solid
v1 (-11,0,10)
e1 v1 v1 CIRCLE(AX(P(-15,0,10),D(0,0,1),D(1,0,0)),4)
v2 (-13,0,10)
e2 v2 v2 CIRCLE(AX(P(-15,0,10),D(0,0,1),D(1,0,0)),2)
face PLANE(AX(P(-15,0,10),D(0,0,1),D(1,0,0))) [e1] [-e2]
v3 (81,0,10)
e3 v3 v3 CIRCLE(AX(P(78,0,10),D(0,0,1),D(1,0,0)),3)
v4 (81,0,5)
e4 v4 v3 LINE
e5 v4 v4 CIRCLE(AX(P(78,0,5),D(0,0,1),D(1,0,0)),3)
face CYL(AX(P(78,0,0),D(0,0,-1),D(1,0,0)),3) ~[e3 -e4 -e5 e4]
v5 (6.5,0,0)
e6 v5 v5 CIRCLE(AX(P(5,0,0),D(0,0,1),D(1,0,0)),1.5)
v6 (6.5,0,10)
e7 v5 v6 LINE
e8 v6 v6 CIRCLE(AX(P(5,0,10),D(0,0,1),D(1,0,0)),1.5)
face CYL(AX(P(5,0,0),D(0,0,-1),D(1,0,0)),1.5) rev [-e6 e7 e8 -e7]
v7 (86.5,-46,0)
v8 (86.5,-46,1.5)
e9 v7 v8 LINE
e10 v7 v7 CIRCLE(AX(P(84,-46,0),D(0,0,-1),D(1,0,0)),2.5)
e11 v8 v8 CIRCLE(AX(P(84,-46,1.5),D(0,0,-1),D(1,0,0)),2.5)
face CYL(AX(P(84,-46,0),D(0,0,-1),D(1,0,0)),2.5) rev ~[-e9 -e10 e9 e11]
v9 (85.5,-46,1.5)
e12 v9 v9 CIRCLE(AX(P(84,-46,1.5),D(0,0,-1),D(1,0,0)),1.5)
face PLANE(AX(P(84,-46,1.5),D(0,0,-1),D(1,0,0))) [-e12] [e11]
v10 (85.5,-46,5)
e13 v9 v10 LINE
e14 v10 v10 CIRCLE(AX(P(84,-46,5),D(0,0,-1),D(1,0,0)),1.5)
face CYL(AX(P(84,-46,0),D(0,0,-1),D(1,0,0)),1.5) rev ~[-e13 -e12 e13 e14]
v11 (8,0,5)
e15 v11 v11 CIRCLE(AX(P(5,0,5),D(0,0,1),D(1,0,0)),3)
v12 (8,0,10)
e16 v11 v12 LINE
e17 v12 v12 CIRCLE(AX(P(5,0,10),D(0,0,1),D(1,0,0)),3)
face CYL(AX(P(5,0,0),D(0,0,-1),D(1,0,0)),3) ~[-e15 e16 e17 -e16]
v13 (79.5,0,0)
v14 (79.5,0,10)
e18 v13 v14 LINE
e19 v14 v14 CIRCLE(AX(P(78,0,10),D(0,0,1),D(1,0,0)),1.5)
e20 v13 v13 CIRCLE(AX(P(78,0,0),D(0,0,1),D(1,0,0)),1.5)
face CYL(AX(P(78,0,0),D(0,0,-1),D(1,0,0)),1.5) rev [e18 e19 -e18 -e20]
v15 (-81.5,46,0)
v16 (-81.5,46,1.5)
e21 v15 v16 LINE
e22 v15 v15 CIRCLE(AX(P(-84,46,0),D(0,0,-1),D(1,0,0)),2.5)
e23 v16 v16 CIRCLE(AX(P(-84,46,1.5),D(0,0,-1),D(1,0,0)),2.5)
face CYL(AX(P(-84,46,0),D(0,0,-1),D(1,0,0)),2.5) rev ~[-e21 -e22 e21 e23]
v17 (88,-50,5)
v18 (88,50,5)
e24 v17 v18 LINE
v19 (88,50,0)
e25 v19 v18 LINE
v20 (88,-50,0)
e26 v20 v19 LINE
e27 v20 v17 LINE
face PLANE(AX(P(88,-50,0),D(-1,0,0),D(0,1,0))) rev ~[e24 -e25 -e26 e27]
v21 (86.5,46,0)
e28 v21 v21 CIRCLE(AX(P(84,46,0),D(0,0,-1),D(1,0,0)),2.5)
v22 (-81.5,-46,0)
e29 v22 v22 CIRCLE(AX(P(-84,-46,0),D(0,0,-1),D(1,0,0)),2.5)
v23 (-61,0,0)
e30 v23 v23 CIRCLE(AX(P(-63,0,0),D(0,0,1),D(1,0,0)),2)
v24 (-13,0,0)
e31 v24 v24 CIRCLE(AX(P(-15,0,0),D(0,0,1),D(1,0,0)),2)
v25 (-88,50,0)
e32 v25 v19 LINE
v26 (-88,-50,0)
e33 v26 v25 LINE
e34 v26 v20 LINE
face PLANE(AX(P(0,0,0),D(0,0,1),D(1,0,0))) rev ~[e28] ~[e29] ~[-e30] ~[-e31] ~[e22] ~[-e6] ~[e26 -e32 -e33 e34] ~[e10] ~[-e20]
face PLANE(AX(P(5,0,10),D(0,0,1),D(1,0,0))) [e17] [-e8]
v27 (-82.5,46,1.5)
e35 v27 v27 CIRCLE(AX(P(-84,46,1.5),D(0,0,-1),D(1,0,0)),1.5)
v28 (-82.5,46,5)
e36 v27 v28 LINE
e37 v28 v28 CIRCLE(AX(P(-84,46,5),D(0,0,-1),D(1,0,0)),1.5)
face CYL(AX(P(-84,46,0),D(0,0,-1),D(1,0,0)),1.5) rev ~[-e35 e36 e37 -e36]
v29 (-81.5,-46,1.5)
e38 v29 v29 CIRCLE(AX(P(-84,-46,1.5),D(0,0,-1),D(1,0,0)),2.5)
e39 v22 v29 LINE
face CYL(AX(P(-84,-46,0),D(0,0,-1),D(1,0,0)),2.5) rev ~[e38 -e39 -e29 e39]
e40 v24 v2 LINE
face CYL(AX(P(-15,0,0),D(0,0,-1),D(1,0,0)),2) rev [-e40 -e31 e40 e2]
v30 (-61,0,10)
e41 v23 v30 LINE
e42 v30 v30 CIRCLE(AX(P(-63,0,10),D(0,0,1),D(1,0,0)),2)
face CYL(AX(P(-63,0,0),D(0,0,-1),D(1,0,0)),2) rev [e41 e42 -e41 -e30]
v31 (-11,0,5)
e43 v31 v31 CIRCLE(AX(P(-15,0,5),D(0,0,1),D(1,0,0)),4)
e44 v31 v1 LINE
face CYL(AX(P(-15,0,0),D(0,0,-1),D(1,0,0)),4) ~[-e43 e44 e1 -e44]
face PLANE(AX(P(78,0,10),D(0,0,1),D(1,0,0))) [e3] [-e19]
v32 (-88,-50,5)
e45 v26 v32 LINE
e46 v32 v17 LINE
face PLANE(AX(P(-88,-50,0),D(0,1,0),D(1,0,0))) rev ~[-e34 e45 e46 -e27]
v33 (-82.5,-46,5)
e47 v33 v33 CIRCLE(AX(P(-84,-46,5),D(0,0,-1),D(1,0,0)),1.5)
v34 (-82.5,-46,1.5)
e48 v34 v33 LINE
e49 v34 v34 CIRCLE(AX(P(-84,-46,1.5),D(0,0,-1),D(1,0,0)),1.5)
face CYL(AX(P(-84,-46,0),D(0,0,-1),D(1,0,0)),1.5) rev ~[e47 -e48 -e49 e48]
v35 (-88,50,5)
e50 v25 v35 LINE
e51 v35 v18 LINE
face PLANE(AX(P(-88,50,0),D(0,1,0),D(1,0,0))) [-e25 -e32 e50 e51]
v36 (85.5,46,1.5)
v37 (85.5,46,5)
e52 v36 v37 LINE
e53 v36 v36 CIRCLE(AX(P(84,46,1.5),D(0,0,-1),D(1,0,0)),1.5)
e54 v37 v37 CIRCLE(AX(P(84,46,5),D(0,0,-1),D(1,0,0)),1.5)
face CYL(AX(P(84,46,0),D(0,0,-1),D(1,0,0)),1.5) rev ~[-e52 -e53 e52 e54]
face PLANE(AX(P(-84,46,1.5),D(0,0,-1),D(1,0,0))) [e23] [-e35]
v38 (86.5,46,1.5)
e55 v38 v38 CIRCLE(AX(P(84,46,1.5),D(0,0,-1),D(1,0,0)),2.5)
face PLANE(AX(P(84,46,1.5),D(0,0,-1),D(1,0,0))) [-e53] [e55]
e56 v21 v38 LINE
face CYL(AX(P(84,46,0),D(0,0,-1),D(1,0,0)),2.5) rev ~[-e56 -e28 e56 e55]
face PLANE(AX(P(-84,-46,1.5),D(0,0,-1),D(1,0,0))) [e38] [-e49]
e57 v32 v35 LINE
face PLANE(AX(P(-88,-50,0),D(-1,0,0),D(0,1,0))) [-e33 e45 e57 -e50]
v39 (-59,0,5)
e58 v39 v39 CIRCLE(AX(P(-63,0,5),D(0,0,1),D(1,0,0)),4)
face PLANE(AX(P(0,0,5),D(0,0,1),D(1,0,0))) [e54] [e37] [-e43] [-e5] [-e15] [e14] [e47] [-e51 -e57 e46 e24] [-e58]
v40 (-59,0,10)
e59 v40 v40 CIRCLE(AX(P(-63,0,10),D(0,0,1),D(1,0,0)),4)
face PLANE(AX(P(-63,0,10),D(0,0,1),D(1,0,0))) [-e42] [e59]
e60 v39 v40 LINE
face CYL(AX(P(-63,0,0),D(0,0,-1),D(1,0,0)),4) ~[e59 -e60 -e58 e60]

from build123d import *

# Parameters (mm, degrees)
F0_W     = 176
F0_H     = 100
F0_R     = 4
F0_R_2   = 3
F1_DEPTH = 5
F0_R_3   = 2
F0_R_4   = 1.5
F2_DEPTH = 10
F4_R     = 1.5
F5_DEPTH = 10.001
F4_R_2   = 2.5
F6_DEPTH = 1.5


with BuildPart() as f1:
    # F0 (on Top) → F1 (new body)
    with BuildSketch(Plane.XY):
        Rectangle(F0_W, F0_H)
        with Locations((-63, 0)):
            Circle(F0_R, mode=Mode.SUBTRACT)
        with Locations((-15, 0)):
            Circle(F0_R, mode=Mode.SUBTRACT)
        with Locations((5, 0)):
            Circle(F0_R_2, mode=Mode.SUBTRACT)
        with Locations((78, 0)):
            Circle(F0_R_2, mode=Mode.SUBTRACT)
    extrude(amount=F1_DEPTH)

    # F0 (on Top) → F2 (join)
    with BuildSketch(Plane.XY):
        with Locations((-63, 0)):
            Circle(F0_R)
        with Locations((-63, 0)):
            Circle(F0_R_3, mode=Mode.SUBTRACT)
        with Locations((-15, 0)):
            Circle(F0_R)
        with Locations((-15, 0)):
            Circle(F0_R_3, mode=Mode.SUBTRACT)
        with Locations((5, 0)):
            Circle(F0_R_2)
        with Locations((5, 0)):
            Circle(F0_R_4, mode=Mode.SUBTRACT)
        with Locations((78, 0)):
            Circle(F0_R_2)
        with Locations((78, 0)):
            Circle(F0_R_4, mode=Mode.SUBTRACT)
    extrude(amount=F2_DEPTH)

    # F4 (on face) → F5 (cut, through all)
    with BuildSketch(Plane(origin=(0, 0, 0), x_dir=(1, 0, 0), z_dir=(0, 0, -1))):
        with Locations((-84, 46)):
            Circle(F4_R)
        with Locations((-84, -46)):
            Circle(F4_R)
        with Locations((84, 46)):
            Circle(F4_R)
        with Locations((84, -46)):
            Circle(F4_R)
    extrude(amount=-F5_DEPTH, mode=Mode.SUBTRACT)

    # F4 (on face) → F6 (cut)
    with BuildSketch(Plane(origin=(0, 0, 0), x_dir=(1, 0, 0), z_dir=(0, 0, -1))):
        with Locations((84, -46)):
            Circle(F4_R_2)
        with Locations((84, -46)):
            Circle(F4_R, mode=Mode.SUBTRACT)
        with Locations((84, 46)):
            Circle(F4_R_2)
        with Locations((84, 46)):
            Circle(F4_R, mode=Mode.SUBTRACT)
        with Locations((-84, 46)):
            Circle(F4_R_2)
        with Locations((-84, 46)):
            Circle(F4_R, mode=Mode.SUBTRACT)
        with Locations((-84, -46)):
            Circle(F4_R_2)
        with Locations((-84, -46)):
            Circle(F4_R, mode=Mode.SUBTRACT)
    extrude(amount=-F6_DEPTH, mode=Mode.SUBTRACT)


solid = f1.part
